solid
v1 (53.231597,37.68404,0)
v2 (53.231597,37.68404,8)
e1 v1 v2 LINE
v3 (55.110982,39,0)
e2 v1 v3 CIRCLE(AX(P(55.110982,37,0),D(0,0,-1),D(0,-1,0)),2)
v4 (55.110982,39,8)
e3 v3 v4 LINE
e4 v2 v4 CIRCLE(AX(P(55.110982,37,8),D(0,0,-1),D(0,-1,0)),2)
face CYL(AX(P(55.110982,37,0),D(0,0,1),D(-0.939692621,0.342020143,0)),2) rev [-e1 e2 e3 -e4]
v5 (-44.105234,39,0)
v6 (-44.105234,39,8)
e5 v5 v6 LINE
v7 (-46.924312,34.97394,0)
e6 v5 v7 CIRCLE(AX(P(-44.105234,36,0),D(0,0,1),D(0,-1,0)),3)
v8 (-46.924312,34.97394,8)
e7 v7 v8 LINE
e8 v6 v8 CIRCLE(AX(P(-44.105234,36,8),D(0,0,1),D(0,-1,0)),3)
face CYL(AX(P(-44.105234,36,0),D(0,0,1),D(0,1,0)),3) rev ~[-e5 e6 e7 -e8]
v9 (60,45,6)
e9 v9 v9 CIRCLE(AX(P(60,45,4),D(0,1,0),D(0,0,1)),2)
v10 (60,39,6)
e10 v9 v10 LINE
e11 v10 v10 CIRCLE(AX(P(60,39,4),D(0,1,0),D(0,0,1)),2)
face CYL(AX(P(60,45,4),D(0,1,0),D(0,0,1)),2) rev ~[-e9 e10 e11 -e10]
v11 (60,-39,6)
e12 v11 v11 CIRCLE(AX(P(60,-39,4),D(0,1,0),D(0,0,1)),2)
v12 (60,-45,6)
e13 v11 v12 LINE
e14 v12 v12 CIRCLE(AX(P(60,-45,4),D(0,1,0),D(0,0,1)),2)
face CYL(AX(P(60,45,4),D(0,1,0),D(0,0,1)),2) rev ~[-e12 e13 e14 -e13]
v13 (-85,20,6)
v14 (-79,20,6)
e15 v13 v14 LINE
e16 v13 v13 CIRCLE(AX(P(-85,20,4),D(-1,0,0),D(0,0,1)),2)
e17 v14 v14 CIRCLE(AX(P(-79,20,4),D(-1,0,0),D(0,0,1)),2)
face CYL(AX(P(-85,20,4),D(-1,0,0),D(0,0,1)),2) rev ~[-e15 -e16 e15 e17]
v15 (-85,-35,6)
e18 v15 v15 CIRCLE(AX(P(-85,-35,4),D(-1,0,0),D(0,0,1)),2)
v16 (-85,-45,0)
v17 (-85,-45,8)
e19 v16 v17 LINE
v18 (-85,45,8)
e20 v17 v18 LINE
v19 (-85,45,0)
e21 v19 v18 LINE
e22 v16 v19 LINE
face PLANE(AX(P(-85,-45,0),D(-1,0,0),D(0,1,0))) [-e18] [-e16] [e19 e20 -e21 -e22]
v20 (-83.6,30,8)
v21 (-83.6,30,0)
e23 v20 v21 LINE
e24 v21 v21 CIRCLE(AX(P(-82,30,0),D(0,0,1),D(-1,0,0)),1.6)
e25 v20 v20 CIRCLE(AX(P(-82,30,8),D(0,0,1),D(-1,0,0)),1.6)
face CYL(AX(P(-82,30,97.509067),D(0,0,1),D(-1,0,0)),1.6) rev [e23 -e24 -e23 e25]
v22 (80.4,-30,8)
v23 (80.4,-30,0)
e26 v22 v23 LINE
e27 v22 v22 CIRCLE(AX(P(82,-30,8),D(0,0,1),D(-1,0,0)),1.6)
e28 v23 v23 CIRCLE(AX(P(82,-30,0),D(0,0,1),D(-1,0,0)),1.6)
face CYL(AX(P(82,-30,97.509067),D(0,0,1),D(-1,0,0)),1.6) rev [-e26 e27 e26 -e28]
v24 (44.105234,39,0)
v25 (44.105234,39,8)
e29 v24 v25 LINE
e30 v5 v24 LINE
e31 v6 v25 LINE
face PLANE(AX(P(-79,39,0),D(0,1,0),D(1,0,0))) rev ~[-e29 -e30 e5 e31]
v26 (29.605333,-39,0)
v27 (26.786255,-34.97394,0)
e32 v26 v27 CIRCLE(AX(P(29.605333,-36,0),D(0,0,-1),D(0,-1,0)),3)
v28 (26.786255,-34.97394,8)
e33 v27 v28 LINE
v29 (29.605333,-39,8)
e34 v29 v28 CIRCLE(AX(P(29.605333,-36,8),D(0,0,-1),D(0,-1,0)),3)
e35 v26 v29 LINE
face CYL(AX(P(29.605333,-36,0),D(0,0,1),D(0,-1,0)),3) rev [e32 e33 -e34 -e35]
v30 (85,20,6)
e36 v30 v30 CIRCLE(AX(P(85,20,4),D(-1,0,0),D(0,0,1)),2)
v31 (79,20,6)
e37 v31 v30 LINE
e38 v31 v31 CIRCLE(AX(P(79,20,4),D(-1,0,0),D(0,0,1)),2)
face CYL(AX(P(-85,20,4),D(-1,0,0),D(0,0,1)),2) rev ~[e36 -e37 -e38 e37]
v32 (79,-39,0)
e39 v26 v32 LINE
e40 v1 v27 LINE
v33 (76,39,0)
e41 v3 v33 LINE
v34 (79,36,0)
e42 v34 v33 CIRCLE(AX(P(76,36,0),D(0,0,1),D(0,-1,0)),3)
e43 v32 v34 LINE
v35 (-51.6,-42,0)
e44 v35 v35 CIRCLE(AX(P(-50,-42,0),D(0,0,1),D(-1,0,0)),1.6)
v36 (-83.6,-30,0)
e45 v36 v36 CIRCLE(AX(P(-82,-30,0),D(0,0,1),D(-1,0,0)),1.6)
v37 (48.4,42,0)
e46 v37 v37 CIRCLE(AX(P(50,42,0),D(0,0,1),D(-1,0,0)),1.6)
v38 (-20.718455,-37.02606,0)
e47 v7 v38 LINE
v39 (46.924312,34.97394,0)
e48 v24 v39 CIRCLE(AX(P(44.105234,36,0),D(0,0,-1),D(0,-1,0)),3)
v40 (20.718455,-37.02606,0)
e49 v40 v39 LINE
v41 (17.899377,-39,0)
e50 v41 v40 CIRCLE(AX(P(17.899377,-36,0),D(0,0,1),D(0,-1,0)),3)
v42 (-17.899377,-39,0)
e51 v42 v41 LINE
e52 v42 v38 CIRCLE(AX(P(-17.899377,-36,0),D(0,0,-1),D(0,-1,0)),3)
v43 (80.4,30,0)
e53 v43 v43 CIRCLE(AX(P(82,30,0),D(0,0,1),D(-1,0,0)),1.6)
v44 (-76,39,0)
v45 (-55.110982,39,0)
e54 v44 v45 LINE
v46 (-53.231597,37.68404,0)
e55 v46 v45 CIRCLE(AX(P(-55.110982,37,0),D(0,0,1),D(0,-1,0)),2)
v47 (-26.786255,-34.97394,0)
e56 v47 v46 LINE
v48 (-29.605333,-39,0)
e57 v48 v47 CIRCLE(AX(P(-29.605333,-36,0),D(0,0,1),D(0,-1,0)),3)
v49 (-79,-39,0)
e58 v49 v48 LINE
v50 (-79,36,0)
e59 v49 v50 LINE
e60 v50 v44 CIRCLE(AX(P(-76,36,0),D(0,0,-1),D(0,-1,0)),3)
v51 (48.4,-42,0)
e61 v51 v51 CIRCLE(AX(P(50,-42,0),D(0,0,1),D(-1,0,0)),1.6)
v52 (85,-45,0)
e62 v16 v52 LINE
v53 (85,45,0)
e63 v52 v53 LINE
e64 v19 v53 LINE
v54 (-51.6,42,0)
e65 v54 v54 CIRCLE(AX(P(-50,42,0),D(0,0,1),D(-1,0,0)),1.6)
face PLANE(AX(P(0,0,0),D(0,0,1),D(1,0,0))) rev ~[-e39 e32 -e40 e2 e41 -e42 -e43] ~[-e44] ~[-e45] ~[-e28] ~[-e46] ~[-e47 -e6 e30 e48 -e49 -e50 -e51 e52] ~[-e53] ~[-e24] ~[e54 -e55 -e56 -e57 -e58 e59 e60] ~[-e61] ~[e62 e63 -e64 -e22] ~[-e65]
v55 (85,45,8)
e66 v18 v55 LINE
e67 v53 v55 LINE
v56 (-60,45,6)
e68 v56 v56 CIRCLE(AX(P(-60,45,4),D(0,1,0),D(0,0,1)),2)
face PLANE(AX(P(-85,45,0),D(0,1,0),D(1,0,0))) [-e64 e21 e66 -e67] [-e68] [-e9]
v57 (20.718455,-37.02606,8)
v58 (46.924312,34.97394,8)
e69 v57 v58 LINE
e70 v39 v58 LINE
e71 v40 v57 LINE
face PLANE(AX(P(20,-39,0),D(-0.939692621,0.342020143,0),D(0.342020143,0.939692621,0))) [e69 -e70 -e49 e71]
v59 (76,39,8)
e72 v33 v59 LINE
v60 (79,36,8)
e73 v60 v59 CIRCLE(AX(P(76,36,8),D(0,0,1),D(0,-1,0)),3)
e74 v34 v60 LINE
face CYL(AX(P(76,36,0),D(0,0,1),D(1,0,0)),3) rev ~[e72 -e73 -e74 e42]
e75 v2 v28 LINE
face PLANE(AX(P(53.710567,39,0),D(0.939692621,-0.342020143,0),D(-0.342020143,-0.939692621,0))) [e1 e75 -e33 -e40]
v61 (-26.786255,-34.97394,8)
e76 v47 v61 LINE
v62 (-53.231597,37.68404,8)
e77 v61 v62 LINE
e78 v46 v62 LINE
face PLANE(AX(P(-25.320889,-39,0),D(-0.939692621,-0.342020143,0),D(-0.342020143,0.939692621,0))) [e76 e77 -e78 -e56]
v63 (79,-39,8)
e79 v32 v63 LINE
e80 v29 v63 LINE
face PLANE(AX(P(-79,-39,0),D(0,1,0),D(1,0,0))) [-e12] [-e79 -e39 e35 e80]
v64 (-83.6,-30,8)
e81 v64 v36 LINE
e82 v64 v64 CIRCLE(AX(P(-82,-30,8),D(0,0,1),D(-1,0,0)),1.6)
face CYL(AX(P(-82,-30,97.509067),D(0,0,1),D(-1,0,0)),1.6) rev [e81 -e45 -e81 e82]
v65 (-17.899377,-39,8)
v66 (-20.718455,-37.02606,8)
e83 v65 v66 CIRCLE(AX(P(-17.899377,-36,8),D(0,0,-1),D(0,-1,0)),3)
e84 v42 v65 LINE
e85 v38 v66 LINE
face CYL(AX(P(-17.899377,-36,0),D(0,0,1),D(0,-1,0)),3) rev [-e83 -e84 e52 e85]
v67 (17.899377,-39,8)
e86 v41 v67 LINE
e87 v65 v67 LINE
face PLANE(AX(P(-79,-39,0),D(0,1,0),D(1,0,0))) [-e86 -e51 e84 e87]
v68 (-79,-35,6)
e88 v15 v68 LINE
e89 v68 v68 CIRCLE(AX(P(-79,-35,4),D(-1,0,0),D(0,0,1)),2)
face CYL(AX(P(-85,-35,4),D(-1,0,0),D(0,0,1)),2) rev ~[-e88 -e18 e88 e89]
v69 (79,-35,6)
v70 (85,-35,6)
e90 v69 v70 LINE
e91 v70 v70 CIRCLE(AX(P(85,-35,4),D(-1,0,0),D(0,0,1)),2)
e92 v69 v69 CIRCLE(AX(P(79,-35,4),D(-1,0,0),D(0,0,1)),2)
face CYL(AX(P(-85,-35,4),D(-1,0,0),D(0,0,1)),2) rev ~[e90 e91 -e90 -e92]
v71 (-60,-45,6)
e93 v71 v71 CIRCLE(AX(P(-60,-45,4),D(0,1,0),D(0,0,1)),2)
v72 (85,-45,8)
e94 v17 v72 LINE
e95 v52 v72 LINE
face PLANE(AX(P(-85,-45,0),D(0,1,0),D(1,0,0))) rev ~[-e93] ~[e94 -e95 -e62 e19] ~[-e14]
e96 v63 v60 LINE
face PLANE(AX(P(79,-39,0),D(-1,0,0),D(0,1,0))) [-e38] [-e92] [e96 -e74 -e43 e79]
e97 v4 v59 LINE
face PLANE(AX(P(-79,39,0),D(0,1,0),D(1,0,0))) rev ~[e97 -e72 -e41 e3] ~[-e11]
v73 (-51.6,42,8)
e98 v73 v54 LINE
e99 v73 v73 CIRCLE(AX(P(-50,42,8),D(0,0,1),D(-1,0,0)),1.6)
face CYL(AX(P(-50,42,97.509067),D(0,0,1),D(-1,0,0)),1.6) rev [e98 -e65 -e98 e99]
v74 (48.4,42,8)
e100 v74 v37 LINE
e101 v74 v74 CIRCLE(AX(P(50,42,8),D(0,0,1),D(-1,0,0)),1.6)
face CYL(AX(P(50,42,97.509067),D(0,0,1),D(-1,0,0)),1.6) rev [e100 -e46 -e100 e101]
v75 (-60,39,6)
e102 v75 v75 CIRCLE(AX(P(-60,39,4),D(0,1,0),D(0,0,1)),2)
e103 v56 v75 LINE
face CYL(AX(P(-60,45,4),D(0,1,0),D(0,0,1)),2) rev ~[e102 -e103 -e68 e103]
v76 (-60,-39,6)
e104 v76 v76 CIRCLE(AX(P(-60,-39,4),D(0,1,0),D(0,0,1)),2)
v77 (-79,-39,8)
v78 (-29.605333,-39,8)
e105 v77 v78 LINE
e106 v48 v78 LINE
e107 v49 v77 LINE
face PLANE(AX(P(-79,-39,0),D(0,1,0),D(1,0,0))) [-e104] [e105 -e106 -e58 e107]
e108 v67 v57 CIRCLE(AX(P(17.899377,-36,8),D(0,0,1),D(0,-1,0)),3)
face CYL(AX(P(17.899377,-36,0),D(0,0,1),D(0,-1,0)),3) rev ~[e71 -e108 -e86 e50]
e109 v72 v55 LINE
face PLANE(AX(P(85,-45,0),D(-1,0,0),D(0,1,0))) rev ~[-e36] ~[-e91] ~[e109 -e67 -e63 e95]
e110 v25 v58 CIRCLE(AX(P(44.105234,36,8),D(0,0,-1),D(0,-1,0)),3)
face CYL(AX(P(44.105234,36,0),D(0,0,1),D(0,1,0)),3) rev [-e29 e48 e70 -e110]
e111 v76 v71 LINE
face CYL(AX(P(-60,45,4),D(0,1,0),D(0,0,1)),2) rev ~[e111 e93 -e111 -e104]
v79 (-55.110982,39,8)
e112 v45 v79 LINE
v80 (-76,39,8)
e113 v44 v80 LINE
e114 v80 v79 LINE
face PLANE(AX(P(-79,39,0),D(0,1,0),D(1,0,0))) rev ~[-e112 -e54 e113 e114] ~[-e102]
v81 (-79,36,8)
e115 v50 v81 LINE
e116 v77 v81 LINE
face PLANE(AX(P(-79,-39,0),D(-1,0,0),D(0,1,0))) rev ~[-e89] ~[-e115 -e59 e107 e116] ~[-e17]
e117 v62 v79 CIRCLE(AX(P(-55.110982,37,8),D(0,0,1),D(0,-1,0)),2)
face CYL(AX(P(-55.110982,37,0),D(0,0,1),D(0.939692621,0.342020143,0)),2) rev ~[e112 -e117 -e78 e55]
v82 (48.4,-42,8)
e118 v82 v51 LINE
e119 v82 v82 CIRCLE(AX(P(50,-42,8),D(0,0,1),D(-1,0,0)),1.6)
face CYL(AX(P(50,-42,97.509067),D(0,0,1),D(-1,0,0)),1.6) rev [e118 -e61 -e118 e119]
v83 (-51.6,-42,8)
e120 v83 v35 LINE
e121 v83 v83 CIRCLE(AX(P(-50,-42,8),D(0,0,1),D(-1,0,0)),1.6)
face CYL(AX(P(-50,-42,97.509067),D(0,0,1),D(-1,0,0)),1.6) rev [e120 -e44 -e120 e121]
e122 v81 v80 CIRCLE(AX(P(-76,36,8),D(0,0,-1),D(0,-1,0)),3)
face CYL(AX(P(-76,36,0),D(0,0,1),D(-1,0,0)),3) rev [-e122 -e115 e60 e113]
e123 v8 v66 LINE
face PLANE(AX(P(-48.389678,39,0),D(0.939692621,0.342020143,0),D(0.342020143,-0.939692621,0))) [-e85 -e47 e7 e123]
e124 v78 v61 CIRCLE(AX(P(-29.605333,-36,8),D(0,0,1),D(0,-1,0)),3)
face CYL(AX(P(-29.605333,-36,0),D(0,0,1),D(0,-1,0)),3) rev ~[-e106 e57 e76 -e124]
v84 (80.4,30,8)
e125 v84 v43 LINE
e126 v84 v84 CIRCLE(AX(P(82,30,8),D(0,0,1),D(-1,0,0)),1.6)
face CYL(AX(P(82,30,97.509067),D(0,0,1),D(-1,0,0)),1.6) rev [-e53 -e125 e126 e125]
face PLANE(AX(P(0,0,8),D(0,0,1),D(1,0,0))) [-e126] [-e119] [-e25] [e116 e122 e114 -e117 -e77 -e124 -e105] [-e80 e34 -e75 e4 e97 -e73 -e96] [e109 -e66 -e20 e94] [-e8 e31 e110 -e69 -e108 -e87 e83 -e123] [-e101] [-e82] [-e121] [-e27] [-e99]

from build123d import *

# Parameters (mm, degrees)
SKETCH_1_W               = 170
SKETCH_1_H               = 90
SKETCH_1_W_2             = 158
SKETCH_1_H_2             = 78
EXTRUDE_1_DEPTH          = 8
SKETCH_2_R               = 2
CUT_EXTRUDE_1_DEPTH      = 177.036927944
SKETCH_3_R               = 2
CUT_EXTRUDE_2_DEPTH      = 125.05240828
CUT_EXTRUDE_3_DEPTH      = 97.509066932
CUT_EXTRUDE_3_DEPTH_BACK = 97.509066932
SKETCH_4_R               = 1.6
EXTRUDE_2_DEPTH          = 8
FILLET_2_R               = 3
FILLET_3_R               = 2


with BuildPart() as part:
    # 草图1 → 凸台-拉伸1 (new body)
    with BuildSketch(Plane.XY):
        Rectangle(SKETCH_1_W, SKETCH_1_H)
        Rectangle(SKETCH_1_W_2, SKETCH_1_H_2, mode=Mode.SUBTRACT)
    extrude(amount=EXTRUDE_1_DEPTH)

    # 草图2 → 切除-拉伸1 (cut, through all)
    with BuildSketch(Plane.ZY.offset(85)):
        with Locations((4, 20)):
            Circle(SKETCH_2_R)
        with Locations((4, -35)):
            Circle(SKETCH_2_R)
    extrude(amount=-CUT_EXTRUDE_1_DEPTH, mode=Mode.SUBTRACT)

    # 草图3 → 切除-拉伸2 (cut, through all)
    with BuildSketch(Plane(origin=(0, 45, 0), x_dir=(1, 0, 0), z_dir=(0, 1, 0))):
        with Locations(Location((-60, -4, 0), (0, 0, 270))):
            Circle(SKETCH_3_R)
        with Locations(Location((60, -4, 0), (0, 0, 270))):
            Circle(SKETCH_3_R)
    extrude(amount=-CUT_EXTRUDE_2_DEPTH, mode=Mode.SUBTRACT)

    # 草图4 → 切除-拉伸3 (cut, two sides: drawn at the far end of the back side and taken through both)
    with BuildSketch(Plane(origin=(0, 0, 0), x_dir=(-1, 0, 0), z_dir=(0, 0, -1)).offset(-CUT_EXTRUDE_3_DEPTH_BACK)):
        with Locations((-82, 30)):
            Circle(SKETCH_4_R)
        with Locations((-82, -30)):
            Circle(SKETCH_4_R)
        with Locations((82, 30)):
            Circle(SKETCH_4_R)
        with Locations((82, -30)):
            Circle(SKETCH_4_R)
        with Locations((-50, 42)):
            Circle(SKETCH_4_R)
        with Locations((50, 42)):
            Circle(SKETCH_4_R)
        with Locations((-50, -42)):
            Circle(SKETCH_4_R)
        with Locations((50, -42)):
            Circle(SKETCH_4_R)
    extrude(amount=CUT_EXTRUDE_3_DEPTH + CUT_EXTRUDE_3_DEPTH_BACK, mode=Mode.SUBTRACT)

    # 草图5 → 凸台-拉伸2 (add)
    with BuildSketch(Plane(origin=(0, 0, 0), x_dir=(-1, 0, 0), z_dir=(0, 0, -1))):
        Polygon((-53.710567135, 39), (-25.320888862, -39), (-20, -39), (-48.389678273, 39), align=None)
        Polygon((53.710567135, 39), (48.389678273, 39), (20, -39), (25.320888862, -39), align=None)
    extrude(amount=-EXTRUDE_2_DEPTH)

    # 圆角2
    fillet_2_edges = [part.edges().sort_by_distance(p)[0] for p in [
        (25.320888862, -39, 4),
        (20, -39, 4),
        (48.389678273, 39, 4),
        (-48.389678273, 39, 4),
        (-20, -39, 4),
        (-25.320888862, -39, 4),
        (79, 39, 4),
        (-79, 39, 4),
    ]]
    fillet(fillet_2_edges, radius=FILLET_2_R)

    # 圆角3
    fillet_3_edges = [part.edges().sort_by_distance(p)[0] for p in [
        (53.710567135, 39, 4),
        (-53.710567135, 39, 4),
    ]]
    fillet(fillet_3_edges, radius=FILLET_3_R)


solid = part.part
